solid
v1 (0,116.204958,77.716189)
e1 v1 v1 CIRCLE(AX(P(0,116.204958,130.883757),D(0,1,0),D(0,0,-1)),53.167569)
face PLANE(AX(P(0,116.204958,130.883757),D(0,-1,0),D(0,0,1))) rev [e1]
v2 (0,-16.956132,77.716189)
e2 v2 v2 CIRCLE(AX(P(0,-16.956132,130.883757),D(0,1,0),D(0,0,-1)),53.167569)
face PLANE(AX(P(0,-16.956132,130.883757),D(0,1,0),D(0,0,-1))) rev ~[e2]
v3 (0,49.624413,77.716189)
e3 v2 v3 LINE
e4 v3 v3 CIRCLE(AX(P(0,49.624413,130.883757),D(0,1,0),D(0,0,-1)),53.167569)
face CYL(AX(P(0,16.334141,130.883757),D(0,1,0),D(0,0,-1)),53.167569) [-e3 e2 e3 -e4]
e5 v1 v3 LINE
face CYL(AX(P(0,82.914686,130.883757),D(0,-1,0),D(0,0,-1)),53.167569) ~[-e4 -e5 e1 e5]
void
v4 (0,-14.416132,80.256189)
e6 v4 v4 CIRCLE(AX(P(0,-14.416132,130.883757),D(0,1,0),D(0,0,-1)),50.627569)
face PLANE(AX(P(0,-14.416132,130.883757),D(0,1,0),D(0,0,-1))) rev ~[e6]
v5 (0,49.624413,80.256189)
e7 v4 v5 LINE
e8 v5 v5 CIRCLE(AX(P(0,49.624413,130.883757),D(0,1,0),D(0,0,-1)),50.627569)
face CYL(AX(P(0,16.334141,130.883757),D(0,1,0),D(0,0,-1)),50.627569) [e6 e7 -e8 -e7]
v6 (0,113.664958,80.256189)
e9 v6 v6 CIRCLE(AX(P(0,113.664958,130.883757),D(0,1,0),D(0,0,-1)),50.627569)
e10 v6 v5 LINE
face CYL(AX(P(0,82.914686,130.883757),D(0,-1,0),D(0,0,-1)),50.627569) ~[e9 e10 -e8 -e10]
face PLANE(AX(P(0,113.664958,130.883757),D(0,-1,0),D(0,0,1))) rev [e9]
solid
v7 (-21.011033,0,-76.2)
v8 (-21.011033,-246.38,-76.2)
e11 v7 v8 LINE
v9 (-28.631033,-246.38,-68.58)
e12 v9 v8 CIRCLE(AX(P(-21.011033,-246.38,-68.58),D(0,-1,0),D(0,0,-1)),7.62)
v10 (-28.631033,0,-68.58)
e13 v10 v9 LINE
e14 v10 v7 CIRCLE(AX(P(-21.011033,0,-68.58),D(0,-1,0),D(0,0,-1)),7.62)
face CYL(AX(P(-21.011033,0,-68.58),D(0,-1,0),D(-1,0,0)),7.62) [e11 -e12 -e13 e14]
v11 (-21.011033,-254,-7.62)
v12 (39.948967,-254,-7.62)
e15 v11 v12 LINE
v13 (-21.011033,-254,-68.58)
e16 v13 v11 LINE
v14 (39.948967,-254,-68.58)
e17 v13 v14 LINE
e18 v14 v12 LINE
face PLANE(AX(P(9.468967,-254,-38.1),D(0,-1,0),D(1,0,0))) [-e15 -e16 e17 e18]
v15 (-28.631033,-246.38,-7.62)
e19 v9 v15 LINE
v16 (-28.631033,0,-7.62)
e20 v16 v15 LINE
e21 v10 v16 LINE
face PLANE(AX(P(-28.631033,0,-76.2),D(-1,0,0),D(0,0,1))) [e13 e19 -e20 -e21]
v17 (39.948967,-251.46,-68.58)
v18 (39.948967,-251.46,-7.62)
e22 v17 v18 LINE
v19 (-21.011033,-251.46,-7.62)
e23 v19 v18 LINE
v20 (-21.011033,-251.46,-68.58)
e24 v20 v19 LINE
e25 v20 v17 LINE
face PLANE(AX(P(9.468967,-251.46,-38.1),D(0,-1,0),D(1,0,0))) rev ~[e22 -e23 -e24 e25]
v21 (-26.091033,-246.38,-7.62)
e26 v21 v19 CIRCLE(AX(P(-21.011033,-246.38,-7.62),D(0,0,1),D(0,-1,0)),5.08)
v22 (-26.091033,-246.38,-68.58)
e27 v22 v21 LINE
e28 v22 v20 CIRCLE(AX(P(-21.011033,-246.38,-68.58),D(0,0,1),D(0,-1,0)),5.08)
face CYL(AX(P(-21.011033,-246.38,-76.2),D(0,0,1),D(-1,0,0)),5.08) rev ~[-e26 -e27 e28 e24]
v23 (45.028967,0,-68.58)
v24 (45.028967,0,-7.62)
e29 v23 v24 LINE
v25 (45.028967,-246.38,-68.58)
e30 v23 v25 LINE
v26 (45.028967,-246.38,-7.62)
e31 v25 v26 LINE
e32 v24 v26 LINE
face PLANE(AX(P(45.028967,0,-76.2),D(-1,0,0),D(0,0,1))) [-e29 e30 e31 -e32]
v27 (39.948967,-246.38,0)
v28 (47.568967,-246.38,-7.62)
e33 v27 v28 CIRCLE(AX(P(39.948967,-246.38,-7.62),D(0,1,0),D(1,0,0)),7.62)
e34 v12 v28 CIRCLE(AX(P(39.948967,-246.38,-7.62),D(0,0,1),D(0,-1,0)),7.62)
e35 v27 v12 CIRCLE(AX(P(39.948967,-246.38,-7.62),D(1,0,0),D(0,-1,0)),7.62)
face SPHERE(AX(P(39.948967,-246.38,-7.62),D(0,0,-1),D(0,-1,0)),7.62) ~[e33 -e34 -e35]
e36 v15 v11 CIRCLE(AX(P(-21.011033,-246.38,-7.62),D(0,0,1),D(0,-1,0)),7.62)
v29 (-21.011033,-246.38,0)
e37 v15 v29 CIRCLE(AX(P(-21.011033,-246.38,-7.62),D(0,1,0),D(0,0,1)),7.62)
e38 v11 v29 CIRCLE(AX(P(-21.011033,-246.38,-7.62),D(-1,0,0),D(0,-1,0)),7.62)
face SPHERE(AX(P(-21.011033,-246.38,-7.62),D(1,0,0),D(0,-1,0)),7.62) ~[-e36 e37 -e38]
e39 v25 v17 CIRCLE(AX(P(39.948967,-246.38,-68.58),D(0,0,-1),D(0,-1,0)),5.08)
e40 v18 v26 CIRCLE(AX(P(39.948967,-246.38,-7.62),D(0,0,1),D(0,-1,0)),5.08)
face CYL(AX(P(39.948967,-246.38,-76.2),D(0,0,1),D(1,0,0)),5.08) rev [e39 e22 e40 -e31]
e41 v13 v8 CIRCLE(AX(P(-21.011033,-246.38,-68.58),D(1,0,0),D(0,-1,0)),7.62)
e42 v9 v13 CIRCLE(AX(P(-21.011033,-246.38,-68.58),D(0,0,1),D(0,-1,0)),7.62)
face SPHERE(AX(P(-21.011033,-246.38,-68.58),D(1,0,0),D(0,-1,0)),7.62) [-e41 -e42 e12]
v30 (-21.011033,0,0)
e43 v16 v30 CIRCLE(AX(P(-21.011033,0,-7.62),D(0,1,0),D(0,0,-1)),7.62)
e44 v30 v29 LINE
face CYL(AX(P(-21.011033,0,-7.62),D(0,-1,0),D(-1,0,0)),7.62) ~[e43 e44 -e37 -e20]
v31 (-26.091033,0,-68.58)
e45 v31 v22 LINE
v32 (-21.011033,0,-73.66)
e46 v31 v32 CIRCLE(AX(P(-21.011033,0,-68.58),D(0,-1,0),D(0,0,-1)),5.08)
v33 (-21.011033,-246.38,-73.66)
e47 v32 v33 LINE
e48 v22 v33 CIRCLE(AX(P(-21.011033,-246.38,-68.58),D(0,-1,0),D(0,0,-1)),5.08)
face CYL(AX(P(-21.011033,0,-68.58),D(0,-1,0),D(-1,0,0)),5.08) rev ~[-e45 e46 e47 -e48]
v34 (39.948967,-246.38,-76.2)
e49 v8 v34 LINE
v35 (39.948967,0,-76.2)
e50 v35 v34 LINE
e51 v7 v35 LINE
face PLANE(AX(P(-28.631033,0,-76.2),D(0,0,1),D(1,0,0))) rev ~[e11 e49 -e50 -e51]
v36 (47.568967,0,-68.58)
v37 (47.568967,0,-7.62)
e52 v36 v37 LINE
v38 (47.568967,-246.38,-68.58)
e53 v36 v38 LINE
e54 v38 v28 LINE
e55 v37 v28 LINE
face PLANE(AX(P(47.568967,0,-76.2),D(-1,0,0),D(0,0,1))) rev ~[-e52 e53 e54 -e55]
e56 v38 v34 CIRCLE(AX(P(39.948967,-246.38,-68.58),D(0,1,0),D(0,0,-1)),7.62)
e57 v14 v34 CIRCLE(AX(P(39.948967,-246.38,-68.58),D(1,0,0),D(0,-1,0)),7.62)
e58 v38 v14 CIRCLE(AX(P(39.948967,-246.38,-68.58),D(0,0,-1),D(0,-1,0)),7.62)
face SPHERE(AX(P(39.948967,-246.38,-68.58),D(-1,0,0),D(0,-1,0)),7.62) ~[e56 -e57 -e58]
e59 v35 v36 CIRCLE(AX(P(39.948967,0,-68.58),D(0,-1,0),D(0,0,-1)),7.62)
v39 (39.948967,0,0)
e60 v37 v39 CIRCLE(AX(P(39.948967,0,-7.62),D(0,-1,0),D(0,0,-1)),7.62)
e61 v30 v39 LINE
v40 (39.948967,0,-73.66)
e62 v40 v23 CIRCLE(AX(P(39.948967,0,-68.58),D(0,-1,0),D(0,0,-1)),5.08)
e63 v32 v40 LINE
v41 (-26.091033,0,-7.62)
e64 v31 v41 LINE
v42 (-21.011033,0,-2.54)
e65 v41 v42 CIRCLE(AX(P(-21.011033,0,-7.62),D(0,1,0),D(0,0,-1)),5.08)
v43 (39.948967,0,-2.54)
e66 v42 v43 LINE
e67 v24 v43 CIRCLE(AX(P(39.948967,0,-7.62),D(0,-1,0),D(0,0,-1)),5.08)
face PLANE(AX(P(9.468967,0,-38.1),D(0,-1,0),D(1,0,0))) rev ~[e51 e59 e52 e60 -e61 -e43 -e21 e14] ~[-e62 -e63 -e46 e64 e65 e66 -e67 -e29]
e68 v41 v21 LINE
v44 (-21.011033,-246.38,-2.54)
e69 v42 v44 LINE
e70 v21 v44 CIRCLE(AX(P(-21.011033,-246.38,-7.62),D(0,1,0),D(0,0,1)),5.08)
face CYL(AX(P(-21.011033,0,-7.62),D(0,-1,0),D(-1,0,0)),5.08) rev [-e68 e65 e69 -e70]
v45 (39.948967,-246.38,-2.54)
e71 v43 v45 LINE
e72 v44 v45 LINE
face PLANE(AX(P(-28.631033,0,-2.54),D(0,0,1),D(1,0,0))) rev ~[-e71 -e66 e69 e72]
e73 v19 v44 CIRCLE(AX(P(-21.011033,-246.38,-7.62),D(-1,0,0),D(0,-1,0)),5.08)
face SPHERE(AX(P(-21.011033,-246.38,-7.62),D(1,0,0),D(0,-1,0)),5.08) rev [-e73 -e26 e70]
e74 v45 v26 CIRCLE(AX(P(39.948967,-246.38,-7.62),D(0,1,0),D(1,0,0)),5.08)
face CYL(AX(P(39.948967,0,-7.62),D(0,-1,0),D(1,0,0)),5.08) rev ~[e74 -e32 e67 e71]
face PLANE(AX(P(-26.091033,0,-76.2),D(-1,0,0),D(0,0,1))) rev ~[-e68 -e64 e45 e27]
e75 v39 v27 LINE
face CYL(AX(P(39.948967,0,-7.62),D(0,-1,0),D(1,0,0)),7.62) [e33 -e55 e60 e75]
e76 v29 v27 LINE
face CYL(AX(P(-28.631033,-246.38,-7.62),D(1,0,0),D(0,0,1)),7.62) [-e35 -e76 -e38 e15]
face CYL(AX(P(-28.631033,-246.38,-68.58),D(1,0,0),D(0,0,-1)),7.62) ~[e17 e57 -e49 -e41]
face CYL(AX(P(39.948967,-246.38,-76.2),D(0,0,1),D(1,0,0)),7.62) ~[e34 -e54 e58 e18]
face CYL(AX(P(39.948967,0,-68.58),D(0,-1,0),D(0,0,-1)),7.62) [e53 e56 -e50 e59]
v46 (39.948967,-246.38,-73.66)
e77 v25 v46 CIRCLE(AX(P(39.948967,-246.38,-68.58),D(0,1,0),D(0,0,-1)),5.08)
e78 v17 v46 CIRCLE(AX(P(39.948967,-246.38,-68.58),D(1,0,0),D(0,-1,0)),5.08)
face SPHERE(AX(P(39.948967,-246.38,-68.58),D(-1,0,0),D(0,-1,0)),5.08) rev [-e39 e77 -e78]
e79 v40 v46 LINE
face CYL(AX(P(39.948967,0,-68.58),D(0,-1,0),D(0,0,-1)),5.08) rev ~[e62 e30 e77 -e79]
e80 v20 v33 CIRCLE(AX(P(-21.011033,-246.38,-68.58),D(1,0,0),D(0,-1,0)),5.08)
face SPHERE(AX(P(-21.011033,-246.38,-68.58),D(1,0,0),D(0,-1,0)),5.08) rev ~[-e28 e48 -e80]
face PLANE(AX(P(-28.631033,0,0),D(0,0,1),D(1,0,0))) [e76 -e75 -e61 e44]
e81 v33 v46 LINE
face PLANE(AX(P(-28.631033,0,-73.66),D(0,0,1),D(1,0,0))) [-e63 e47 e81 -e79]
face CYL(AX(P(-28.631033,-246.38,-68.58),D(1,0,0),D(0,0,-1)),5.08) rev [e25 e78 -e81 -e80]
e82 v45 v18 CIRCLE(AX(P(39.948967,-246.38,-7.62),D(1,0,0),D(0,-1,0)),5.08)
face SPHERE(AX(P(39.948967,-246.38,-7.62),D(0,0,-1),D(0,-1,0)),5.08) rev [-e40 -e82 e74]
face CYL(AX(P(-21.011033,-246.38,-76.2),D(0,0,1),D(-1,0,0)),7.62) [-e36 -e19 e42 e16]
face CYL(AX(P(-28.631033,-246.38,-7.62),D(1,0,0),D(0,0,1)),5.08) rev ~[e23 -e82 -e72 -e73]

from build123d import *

# Parameters (mm, degrees)
F0_W     = 76.2
F0_H     = 76.2
F1_DEPTH = 254
F2_R     = 7.62
F3_T     = -2.54
F4_W     = 66.5805451572
F4_H     = 53.1675685197
F6_T     = -2.54


with BuildPart() as f1:
    # F0 (on Front) → F1 (new body)
    with BuildSketch(Plane.XZ):
        with Locations((9.4689666241, -38.1)):
            Rectangle(F0_W, F0_H)
    extrude(amount=F1_DEPTH)

    # F2
    f2_edges = [f1.edges().sort_by_distance(p)[0] for p in [
        (9.468967, -254, -76.2),
        (47.568967, -254, -38.1),
        (9.468967, -254, 0),
        (-28.631033, -254, -38.1),
        (-28.631033, -127, -76.2),
        (-28.631033, -127, 0),
        (47.568967, -127, -76.2),
        (47.568967, -127, 0),
    ]]
    fillet(f2_edges, radius=F2_R)

    # F3
    f3_openings = [f1.faces().sort_by_distance(p)[0] for p in [
        (9.468967, 0, -38.1),
    ]]
    offset(amount=F3_T, openings=f3_openings)


with BuildPart() as f5:
    # F4 (on Right) → F5 (revolve)
    with BuildSketch(Plane.YZ):
        with Locations((16.3341406733, 104.2999727651)):
            Rectangle(F4_W, F4_H)
    revolve(axis=Axis((0, 16.3341406733, 130.883757025), (0, 1, 0)))

    # F6
    f6_openings = [f5.faces().sort_by_distance(p)[0] for p in [
        (0, 49.624413, 130.883757),
    ]]
    offset(amount=F6_T, openings=f6_openings)

    # F7: F5 across face


with BuildPart() as f5_1:
    add(f5.part)
    add(f5.part.mirror(Plane(origin=(0, 49.6244132519, 130.883757025), x_dir=(-1, 0, 0), z_dir=(0, 1, 0))))


solid = Compound([f1.part, f5_1.part])
